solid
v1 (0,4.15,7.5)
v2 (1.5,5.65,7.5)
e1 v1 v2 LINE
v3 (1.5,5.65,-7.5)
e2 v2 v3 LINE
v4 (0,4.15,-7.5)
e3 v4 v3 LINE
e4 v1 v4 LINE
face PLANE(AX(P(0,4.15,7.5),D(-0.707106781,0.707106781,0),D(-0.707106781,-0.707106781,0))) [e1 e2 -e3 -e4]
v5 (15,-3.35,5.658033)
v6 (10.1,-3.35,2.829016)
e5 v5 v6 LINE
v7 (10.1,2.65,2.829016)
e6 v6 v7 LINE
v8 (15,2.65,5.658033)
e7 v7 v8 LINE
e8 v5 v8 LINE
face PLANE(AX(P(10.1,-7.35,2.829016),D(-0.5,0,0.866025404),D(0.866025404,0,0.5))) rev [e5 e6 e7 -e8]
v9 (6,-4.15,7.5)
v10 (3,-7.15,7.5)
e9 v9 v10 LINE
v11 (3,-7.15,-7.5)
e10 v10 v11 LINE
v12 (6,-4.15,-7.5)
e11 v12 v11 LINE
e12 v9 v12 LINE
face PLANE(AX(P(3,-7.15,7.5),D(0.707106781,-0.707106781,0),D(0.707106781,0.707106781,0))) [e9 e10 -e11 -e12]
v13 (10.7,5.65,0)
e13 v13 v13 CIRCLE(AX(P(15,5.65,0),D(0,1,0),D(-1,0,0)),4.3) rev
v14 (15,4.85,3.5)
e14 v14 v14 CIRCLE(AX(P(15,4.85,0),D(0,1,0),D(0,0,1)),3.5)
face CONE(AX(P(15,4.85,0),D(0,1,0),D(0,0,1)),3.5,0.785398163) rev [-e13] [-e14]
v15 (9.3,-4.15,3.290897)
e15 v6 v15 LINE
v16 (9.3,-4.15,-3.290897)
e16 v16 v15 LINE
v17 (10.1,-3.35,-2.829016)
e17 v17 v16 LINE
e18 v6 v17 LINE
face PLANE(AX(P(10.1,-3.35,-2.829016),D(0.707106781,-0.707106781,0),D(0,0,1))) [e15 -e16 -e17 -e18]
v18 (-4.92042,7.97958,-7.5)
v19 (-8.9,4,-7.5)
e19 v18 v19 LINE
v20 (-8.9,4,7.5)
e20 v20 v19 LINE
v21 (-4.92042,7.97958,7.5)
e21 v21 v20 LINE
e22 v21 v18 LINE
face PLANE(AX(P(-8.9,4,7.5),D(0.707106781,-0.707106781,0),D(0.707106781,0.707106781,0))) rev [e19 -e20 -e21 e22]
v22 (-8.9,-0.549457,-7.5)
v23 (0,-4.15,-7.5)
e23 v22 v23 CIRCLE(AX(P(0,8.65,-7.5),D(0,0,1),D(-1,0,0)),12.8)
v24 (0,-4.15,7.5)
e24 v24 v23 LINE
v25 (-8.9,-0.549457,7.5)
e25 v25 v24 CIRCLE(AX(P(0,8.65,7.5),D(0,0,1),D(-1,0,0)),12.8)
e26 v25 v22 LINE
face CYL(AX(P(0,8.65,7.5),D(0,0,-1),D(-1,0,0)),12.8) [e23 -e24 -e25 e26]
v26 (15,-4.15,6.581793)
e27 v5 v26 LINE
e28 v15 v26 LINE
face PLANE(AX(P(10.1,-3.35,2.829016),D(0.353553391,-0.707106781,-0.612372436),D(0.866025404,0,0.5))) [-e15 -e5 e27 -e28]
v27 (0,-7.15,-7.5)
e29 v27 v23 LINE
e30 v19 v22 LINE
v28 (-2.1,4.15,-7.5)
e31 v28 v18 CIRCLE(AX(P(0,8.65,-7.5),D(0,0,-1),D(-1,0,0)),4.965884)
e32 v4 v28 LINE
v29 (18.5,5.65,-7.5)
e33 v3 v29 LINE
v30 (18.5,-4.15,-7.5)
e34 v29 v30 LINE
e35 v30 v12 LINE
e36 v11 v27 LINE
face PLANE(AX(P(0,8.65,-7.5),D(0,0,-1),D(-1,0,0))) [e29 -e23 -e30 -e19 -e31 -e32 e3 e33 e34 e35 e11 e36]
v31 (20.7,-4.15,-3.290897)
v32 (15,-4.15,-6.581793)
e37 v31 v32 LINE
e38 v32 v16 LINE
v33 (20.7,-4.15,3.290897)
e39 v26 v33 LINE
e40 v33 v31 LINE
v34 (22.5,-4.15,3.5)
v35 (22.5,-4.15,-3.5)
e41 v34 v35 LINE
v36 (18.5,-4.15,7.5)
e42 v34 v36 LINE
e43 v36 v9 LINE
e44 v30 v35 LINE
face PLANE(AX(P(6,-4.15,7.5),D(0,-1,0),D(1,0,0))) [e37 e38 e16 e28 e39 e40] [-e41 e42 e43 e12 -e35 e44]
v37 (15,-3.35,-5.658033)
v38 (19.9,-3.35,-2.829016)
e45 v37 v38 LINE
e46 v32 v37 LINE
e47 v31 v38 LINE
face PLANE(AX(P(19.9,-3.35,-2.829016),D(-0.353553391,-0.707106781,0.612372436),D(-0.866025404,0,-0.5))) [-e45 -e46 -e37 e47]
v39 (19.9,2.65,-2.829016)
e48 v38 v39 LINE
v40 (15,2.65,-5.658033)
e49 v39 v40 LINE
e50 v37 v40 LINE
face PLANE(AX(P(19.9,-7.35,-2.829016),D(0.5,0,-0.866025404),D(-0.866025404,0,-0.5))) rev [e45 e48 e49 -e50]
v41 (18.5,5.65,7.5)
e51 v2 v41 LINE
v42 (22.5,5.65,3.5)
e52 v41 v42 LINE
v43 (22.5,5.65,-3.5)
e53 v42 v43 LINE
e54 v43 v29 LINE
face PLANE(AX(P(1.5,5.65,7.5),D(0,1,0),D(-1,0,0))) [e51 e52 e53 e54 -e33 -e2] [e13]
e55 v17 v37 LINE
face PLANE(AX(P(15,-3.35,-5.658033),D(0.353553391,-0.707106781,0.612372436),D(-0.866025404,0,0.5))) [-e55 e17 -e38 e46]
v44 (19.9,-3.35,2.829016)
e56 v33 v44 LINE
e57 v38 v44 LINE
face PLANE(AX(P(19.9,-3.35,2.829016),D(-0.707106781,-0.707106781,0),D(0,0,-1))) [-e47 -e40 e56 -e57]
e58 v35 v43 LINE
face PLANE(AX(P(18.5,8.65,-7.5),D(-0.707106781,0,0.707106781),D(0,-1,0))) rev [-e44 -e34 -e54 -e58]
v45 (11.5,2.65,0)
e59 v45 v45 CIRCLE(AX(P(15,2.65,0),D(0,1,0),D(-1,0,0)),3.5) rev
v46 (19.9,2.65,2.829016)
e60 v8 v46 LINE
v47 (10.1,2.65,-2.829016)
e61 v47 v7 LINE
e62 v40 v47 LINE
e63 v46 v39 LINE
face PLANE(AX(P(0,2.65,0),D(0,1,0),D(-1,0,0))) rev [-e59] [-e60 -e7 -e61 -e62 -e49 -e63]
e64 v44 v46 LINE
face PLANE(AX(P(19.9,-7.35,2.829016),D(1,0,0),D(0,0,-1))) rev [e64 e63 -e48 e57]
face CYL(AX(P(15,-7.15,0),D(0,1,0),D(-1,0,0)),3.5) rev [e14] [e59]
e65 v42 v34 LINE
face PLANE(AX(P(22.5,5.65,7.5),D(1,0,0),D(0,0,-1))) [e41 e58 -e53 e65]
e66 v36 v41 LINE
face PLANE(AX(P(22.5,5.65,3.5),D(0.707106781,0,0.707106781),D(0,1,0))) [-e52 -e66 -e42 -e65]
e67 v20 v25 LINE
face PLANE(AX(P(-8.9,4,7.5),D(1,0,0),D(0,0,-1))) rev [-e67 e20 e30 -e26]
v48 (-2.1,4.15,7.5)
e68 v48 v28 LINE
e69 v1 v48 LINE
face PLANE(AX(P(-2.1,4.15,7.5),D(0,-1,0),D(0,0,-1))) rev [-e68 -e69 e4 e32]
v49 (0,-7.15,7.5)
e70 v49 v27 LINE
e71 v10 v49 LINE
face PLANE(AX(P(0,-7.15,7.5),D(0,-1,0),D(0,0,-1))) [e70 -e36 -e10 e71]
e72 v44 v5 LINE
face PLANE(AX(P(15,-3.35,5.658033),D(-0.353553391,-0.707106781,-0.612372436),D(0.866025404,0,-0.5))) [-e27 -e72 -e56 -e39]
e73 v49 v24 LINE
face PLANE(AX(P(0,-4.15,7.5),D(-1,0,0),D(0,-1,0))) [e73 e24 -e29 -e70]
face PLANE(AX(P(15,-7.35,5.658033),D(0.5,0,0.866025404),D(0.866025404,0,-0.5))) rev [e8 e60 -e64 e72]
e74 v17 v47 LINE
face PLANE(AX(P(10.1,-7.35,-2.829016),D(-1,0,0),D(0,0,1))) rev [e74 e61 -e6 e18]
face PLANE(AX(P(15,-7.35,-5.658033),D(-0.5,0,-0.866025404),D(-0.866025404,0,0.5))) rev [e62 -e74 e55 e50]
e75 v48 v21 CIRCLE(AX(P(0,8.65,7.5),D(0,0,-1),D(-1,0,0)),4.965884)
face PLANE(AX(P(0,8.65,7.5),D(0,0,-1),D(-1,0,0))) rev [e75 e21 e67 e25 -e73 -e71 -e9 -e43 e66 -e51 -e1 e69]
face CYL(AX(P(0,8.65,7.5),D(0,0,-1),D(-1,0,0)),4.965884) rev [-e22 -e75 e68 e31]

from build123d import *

# Parameters (mm, degrees)
SALIENTE_EXTRUIR1_DEPTH = 7.5
SALIENTE_EXTRUIR2_DEPTH = 15
CROQUIS7_R              = 3.5
CORTAR_EXTRUIR4_DEPTH   = 13.8
CORTAR_EXTRUIR5_START   = -3
CORTAR_EXTRUIR5_DEPTH   = 10
CHAFL_N4_SIZE           = 4
CHAFL_N5_SIZE           = 0.8


with BuildPart() as part:
    # Croquis1 → Saliente-Extruir1 (new body, symmetric)
    with BuildSketch(Plane.XY):
        with BuildLine():
            Line((-8.9, 4), (-4.920420362, 7.979579638))
            ThreePointArc((-4.920420362, 7.979579638), (-3.998499164, 5.705173276), (-2.1, 4.15))
            Line((-2.1, 4.15), (0, 4.15))
            Line((0, 4.15), (0, -4.15))
            ThreePointArc((0, -4.15), (-4.800362316, -3.215771009), (-8.9, -0.549456506))
            Line((-8.9, -0.549456506), (-8.9, 4))
        make_face()
    extrude(amount=SALIENTE_EXTRUIR1_DEPTH, both=True)

    # Croquis6 → Saliente-Extruir2 (add, through all)
    with BuildSketch(Plane(origin=(0, 0, -7.5), x_dir=(-1, 0, 0), z_dir=(0, 0, -1))):
        Polygon((0, -4.15), (0, -7.15), (-3, -7.15), (-6, -4.15), (-22.5, -4.15), (-22.5, 5.65), (-1.5, 5.65), (0, 4.15), align=None)
    extrude(amount=-SALIENTE_EXTRUIR2_DEPTH)

    # Croquis7 → Cortar-Extruir4 (cut, through all)
    with BuildSketch(Plane(origin=(0, 5.65, 0), x_dir=(1, 0, 0), z_dir=(0, 1, 0))):
        with Locations((15, 0)):
            Circle(CROQUIS7_R)
    extrude(amount=-CORTAR_EXTRUIR4_DEPTH, mode=Mode.SUBTRACT)

    # Croquis8 → Cortar-Extruir5 (cut)
    with BuildSketch(Plane(origin=(0, 5.65, 0), x_dir=(1, 0, 0), z_dir=(0, 1, 0)).offset(CORTAR_EXTRUIR5_START)):
        Polygon((15, 5.658032638), (10.1, 2.829016319), (10.1, -2.829016319), (15, -5.658032638), (19.9, -2.829016319), (19.9, 2.829016319), align=None)
    extrude(amount=-CORTAR_EXTRUIR5_DEPTH, mode=Mode.SUBTRACT)

    # Chaflán4
    chafl_n4_edges = [part.edges().sort_by_distance(p)[0] for p in [
        (22.5, 0.75, 7.5),
        (22.5, 0.75, -7.5),
    ]]
    chamfer(chafl_n4_edges, length=CHAFL_N4_SIZE)

    # Chaflán5
    chafl_n5_edges = [part.edges().sort_by_distance(p)[0] for p in [
        (11.5, 5.65, 0),
        (12.55, -4.15, -4.243524479),
        (10.1, -4.15, 0),
        (12.55, -4.15, 4.243524479),
        (17.45, -4.15, 4.243524479),
        (19.9, -4.15, 0),
        (17.45, -4.15, -4.243524479),
    ]]
    chamfer(chafl_n5_edges, length=CHAFL_N5_SIZE)


solid = part.part
